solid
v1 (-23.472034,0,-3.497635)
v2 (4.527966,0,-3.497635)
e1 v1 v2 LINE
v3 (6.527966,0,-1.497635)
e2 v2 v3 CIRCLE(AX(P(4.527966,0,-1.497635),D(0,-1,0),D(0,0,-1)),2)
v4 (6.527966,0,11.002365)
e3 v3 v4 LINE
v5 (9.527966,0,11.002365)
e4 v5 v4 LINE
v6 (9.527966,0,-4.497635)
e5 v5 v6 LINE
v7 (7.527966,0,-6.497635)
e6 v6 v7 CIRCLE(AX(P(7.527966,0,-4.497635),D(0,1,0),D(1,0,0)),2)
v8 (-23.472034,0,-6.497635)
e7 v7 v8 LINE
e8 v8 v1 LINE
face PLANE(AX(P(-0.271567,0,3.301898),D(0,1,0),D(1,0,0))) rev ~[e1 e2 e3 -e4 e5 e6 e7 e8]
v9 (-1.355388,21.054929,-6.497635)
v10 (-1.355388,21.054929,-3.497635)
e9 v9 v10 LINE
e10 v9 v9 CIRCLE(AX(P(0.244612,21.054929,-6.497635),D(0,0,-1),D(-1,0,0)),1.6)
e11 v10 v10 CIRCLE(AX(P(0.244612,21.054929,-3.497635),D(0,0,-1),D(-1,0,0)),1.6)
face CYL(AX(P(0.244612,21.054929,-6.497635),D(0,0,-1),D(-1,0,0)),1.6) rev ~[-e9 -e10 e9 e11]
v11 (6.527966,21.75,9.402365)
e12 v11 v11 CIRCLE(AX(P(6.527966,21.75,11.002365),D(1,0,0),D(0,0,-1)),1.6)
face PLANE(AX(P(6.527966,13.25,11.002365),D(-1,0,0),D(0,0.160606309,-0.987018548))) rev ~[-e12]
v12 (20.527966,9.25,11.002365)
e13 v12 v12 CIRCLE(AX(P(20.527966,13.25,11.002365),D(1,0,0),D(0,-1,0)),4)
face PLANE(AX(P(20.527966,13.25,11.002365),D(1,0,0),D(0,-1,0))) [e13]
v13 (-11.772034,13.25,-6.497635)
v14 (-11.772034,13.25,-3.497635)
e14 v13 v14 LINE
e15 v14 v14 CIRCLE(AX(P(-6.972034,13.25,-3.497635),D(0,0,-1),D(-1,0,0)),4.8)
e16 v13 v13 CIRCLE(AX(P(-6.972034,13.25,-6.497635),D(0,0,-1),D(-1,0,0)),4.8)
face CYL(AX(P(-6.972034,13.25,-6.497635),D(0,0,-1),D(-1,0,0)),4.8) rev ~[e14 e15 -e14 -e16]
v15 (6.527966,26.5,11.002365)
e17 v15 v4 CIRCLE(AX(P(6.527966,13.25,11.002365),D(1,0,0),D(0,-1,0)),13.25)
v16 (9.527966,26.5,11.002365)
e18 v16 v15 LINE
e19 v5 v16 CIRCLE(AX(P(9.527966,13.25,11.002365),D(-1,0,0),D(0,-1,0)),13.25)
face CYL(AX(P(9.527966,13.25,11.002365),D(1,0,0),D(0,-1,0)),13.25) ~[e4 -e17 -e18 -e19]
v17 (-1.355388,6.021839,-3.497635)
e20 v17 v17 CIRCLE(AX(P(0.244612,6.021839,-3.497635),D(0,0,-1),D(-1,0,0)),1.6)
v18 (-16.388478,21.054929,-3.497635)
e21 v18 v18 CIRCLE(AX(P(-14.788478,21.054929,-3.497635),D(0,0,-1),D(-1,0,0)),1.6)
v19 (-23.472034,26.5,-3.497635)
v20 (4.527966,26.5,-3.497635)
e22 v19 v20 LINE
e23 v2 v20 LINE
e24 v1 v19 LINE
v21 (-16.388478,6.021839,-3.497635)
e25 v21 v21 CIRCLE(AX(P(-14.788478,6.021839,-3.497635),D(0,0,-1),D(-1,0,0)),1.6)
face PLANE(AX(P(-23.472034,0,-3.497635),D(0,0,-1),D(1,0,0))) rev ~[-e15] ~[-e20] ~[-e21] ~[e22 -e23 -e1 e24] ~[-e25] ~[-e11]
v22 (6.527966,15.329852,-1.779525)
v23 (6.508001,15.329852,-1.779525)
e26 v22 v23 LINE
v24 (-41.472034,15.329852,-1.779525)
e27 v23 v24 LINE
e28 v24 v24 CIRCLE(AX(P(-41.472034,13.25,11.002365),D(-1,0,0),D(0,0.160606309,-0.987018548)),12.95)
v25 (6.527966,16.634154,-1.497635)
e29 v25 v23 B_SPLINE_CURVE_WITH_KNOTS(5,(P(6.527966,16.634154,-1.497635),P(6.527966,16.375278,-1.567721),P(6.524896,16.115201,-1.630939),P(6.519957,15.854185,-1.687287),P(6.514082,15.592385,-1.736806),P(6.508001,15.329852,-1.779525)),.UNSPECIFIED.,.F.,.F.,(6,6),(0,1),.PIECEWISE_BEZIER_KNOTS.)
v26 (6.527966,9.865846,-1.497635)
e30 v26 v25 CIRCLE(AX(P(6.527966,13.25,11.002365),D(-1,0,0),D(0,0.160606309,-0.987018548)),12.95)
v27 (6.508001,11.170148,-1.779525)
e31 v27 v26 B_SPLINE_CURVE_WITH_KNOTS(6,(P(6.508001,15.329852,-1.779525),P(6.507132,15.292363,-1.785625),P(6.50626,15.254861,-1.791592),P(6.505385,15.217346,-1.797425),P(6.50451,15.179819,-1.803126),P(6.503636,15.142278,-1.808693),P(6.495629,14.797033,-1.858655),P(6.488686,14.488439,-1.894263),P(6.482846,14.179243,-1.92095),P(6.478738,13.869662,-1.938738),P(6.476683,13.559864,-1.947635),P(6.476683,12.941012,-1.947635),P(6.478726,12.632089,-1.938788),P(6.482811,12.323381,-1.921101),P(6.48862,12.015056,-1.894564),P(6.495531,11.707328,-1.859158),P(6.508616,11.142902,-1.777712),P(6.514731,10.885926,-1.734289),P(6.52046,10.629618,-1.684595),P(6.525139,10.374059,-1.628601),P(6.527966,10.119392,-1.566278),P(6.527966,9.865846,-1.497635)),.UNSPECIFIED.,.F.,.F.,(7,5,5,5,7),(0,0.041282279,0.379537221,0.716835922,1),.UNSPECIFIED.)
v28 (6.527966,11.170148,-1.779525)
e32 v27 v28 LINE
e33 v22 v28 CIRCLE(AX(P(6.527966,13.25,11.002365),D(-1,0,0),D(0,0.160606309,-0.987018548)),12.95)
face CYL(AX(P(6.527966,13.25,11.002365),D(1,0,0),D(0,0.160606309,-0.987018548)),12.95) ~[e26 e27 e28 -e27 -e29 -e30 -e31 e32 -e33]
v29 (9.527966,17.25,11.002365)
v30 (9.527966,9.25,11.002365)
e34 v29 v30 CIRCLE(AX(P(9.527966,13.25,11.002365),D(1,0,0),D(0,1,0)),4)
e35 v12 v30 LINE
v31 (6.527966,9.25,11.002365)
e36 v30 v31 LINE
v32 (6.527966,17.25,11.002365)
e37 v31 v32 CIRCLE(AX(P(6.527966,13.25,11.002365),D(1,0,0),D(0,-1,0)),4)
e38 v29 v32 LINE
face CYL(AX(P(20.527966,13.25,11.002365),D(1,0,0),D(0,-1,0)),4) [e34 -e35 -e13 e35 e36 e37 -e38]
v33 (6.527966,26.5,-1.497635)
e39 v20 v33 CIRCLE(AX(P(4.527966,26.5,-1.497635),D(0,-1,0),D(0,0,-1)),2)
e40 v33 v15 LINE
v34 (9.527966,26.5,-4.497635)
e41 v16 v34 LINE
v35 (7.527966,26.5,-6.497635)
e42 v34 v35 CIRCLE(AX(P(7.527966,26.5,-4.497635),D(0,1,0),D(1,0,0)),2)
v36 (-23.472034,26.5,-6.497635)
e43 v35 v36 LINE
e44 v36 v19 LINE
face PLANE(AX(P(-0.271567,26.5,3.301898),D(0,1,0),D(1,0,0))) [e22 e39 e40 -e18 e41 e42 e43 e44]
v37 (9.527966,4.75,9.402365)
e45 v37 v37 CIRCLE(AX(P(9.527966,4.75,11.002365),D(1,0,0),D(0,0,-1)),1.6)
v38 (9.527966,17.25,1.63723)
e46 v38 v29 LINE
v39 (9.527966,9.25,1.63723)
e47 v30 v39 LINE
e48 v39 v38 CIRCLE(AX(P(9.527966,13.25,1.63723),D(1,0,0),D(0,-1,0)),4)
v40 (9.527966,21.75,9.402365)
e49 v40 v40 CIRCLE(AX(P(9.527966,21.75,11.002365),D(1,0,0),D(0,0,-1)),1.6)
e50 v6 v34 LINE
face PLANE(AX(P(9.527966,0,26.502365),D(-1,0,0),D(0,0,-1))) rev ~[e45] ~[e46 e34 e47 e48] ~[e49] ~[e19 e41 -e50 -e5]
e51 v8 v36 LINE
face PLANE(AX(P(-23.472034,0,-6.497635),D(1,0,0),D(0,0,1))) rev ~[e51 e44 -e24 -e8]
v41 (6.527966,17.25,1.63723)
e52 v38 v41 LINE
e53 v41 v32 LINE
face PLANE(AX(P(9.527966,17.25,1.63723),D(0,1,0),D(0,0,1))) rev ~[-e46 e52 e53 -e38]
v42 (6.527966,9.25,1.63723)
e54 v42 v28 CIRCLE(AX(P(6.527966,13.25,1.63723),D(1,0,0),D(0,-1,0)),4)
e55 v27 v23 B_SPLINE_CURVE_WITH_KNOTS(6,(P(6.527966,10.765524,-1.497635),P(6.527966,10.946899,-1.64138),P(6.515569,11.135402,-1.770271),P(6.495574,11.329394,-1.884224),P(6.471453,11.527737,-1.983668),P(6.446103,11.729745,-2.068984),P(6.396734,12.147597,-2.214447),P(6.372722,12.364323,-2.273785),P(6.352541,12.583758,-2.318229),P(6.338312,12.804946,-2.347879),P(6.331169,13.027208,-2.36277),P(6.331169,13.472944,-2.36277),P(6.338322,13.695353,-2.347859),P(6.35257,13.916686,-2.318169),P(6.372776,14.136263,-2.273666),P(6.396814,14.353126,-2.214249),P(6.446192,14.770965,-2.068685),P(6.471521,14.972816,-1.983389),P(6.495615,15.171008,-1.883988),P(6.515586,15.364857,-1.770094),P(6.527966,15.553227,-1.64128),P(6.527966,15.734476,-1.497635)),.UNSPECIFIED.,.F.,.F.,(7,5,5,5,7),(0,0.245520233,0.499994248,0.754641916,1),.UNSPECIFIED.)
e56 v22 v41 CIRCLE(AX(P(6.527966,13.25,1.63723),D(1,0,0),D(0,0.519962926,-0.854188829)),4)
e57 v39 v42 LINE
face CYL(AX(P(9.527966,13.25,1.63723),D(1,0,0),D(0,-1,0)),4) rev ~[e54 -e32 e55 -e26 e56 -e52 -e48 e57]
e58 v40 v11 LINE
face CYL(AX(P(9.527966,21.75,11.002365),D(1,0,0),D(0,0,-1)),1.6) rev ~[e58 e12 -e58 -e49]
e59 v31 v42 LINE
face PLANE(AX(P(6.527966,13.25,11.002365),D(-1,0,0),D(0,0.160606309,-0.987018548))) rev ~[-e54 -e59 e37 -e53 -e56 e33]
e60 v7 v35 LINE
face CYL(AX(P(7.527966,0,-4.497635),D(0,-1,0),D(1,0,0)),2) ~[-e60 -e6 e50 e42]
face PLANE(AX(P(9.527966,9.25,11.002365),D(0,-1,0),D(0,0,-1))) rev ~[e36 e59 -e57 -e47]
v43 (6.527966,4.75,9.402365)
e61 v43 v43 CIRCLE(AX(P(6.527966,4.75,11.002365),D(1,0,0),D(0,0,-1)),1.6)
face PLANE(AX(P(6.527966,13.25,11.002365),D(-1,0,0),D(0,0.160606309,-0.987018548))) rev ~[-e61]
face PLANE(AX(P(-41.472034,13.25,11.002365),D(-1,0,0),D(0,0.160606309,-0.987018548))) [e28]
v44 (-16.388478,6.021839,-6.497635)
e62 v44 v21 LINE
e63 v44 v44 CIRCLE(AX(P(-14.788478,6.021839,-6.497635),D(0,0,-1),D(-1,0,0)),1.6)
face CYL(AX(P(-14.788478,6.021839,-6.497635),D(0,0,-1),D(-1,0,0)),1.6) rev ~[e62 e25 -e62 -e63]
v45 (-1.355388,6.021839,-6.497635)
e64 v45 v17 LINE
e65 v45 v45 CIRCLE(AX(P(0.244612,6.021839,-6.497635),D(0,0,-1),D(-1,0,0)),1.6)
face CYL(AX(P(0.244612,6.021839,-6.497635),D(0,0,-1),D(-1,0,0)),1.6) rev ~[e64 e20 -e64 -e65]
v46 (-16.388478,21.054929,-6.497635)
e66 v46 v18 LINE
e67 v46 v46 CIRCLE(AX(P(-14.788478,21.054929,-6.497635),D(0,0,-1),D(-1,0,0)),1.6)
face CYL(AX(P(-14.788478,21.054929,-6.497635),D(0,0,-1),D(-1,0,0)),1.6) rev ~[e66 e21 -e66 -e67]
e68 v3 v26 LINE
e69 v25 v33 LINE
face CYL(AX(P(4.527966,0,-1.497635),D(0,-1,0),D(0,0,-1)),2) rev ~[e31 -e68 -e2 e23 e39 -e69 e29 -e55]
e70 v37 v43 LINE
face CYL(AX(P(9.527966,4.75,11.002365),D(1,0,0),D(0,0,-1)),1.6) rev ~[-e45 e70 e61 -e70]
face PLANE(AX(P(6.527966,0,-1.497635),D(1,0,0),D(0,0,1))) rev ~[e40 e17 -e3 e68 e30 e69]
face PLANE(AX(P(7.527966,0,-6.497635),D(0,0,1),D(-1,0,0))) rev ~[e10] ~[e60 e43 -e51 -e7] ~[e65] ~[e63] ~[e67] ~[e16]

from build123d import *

# Parameters (mm, degrees)
EXTRUDE_1_DEPTH     = 26.5
SKETCH_4_R          = 4.8
SKETCH_4_R_2        = 1.6
CUT_EXTRUDE_1_DEPTH = 26
SKETCH_5_R          = 1.6
CUT_EXTRUDE_2_DEPTH = 26
SKETCH_6_R          = 12.95
EXTRUDE_2_DEPTH     = 48
EXTRUDE_START       = 14
SKETCH_7_R          = 4
EXTRUDE_3_DEPTH     = 14


with BuildPart() as part:
    # 草图2 → 凸台-拉伸1 (new body)
    with BuildSketch(Plane(origin=(0, 0, 0), x_dir=(1, 0, 0), z_dir=(0, 1, 0))):
        with BuildLine():
            Line((-23.472034258, 6.497634693), (-23.472034258, 3.497634693))
            Line((-23.472034258, 3.497634693), (4.527965742, 3.497634693))
            ThreePointArc((4.527965742, 3.497634693), (5.942179305, 2.911848255), (6.527965742, 1.497634693))
            Line((6.527965742, 1.497634693), (6.527965742, -26.502365307))
            Line((6.527965742, -26.502365307), (9.527965742, -26.502365307))
            Line((9.527965742, -26.502365307), (9.527965742, 4.497634693))
            ThreePointArc((9.527965742, 4.497634693), (8.942179305, 5.911848255), (7.527965742, 6.497634693))
            Line((7.527965742, 6.497634693), (-23.472034258, 6.497634693))
        make_face()
    extrude(amount=EXTRUDE_1_DEPTH)

    # 草图4 → 切除-拉伸1 (cut)
    with BuildSketch(Plane(origin=(0, 0, -6.497634693), x_dir=(-1, 0, 0), z_dir=(0, 0, -1))):
        with Locations((6.972034258, 13.25)):
            Circle(SKETCH_4_R)
        with Locations((-0.244612027, 21.054928982)):
            Circle(SKETCH_4_R_2)
        with Locations((14.788478141, 21.054928982)):
            Circle(SKETCH_4_R_2)
        with Locations((14.788478141, 6.021838814)):
            Circle(SKETCH_4_R_2)
        with Locations((-0.244612027, 6.021838814)):
            Circle(SKETCH_4_R_2)
    extrude(amount=-CUT_EXTRUDE_1_DEPTH, mode=Mode.SUBTRACT)

    # 草图5 → 切除-拉伸2 (cut)
    with BuildSketch(Plane(origin=(9.527965742, 0, 0), x_dir=(0, 0, -1), z_dir=(1, 0, 0))):
        with BuildLine():
            Line((-26.502365307, 26.5), (-26.502365307, 0))
            Line((-26.502365307, 0), (-11.002365307, 0))
            ThreePointArc((-11.002365307, 0), (-24.252365307, 13.25), (-11.002365307, 26.5))
            Line((-11.002365307, 26.5), (-26.502365307, 26.5))
        make_face()
        with BuildLine():
            Line((-11.002365307, 9.25), (-1.637230429, 9.25))
            ThreePointArc((-1.637230429, 9.25), (2.362769571, 13.25), (-1.637230429, 17.25))
            Line((-1.637230429, 17.25), (-11.002365307, 17.25))
            ThreePointArc((-11.002365307, 17.25), (-15.002365307, 13.25), (-11.002365307, 9.25))
        make_face()
        with Locations((-11.002365307, 4.75)):
            Circle(SKETCH_5_R)
        with Locations((-11.002365307, 21.75)):
            Circle(SKETCH_5_R)
    extrude(amount=-CUT_EXTRUDE_2_DEPTH, mode=Mode.SUBTRACT)

    # 草图6 → 凸台-拉伸2 (add)
    with BuildSketch(Plane.ZY.offset(-6.527965742)):
        with Locations(Location((11.002365307, 13.25, 0), (0, 0, 170.757909694))):
            Circle(SKETCH_6_R)
    extrude(amount=EXTRUDE_2_DEPTH)

    # 草图7 → 凸台-拉伸3 (add)
    with BuildSketch(Plane(origin=(6.527965742, 0, 0), x_dir=(0, 0, -1), z_dir=(1, 0, 0)).offset(EXTRUDE_START)):
        with Locations(Location((-11.002365307, 13.25, 0), (0, 0, 270))):
            Circle(SKETCH_7_R)
    extrude(amount=-EXTRUDE_3_DEPTH)


solid = part.part
